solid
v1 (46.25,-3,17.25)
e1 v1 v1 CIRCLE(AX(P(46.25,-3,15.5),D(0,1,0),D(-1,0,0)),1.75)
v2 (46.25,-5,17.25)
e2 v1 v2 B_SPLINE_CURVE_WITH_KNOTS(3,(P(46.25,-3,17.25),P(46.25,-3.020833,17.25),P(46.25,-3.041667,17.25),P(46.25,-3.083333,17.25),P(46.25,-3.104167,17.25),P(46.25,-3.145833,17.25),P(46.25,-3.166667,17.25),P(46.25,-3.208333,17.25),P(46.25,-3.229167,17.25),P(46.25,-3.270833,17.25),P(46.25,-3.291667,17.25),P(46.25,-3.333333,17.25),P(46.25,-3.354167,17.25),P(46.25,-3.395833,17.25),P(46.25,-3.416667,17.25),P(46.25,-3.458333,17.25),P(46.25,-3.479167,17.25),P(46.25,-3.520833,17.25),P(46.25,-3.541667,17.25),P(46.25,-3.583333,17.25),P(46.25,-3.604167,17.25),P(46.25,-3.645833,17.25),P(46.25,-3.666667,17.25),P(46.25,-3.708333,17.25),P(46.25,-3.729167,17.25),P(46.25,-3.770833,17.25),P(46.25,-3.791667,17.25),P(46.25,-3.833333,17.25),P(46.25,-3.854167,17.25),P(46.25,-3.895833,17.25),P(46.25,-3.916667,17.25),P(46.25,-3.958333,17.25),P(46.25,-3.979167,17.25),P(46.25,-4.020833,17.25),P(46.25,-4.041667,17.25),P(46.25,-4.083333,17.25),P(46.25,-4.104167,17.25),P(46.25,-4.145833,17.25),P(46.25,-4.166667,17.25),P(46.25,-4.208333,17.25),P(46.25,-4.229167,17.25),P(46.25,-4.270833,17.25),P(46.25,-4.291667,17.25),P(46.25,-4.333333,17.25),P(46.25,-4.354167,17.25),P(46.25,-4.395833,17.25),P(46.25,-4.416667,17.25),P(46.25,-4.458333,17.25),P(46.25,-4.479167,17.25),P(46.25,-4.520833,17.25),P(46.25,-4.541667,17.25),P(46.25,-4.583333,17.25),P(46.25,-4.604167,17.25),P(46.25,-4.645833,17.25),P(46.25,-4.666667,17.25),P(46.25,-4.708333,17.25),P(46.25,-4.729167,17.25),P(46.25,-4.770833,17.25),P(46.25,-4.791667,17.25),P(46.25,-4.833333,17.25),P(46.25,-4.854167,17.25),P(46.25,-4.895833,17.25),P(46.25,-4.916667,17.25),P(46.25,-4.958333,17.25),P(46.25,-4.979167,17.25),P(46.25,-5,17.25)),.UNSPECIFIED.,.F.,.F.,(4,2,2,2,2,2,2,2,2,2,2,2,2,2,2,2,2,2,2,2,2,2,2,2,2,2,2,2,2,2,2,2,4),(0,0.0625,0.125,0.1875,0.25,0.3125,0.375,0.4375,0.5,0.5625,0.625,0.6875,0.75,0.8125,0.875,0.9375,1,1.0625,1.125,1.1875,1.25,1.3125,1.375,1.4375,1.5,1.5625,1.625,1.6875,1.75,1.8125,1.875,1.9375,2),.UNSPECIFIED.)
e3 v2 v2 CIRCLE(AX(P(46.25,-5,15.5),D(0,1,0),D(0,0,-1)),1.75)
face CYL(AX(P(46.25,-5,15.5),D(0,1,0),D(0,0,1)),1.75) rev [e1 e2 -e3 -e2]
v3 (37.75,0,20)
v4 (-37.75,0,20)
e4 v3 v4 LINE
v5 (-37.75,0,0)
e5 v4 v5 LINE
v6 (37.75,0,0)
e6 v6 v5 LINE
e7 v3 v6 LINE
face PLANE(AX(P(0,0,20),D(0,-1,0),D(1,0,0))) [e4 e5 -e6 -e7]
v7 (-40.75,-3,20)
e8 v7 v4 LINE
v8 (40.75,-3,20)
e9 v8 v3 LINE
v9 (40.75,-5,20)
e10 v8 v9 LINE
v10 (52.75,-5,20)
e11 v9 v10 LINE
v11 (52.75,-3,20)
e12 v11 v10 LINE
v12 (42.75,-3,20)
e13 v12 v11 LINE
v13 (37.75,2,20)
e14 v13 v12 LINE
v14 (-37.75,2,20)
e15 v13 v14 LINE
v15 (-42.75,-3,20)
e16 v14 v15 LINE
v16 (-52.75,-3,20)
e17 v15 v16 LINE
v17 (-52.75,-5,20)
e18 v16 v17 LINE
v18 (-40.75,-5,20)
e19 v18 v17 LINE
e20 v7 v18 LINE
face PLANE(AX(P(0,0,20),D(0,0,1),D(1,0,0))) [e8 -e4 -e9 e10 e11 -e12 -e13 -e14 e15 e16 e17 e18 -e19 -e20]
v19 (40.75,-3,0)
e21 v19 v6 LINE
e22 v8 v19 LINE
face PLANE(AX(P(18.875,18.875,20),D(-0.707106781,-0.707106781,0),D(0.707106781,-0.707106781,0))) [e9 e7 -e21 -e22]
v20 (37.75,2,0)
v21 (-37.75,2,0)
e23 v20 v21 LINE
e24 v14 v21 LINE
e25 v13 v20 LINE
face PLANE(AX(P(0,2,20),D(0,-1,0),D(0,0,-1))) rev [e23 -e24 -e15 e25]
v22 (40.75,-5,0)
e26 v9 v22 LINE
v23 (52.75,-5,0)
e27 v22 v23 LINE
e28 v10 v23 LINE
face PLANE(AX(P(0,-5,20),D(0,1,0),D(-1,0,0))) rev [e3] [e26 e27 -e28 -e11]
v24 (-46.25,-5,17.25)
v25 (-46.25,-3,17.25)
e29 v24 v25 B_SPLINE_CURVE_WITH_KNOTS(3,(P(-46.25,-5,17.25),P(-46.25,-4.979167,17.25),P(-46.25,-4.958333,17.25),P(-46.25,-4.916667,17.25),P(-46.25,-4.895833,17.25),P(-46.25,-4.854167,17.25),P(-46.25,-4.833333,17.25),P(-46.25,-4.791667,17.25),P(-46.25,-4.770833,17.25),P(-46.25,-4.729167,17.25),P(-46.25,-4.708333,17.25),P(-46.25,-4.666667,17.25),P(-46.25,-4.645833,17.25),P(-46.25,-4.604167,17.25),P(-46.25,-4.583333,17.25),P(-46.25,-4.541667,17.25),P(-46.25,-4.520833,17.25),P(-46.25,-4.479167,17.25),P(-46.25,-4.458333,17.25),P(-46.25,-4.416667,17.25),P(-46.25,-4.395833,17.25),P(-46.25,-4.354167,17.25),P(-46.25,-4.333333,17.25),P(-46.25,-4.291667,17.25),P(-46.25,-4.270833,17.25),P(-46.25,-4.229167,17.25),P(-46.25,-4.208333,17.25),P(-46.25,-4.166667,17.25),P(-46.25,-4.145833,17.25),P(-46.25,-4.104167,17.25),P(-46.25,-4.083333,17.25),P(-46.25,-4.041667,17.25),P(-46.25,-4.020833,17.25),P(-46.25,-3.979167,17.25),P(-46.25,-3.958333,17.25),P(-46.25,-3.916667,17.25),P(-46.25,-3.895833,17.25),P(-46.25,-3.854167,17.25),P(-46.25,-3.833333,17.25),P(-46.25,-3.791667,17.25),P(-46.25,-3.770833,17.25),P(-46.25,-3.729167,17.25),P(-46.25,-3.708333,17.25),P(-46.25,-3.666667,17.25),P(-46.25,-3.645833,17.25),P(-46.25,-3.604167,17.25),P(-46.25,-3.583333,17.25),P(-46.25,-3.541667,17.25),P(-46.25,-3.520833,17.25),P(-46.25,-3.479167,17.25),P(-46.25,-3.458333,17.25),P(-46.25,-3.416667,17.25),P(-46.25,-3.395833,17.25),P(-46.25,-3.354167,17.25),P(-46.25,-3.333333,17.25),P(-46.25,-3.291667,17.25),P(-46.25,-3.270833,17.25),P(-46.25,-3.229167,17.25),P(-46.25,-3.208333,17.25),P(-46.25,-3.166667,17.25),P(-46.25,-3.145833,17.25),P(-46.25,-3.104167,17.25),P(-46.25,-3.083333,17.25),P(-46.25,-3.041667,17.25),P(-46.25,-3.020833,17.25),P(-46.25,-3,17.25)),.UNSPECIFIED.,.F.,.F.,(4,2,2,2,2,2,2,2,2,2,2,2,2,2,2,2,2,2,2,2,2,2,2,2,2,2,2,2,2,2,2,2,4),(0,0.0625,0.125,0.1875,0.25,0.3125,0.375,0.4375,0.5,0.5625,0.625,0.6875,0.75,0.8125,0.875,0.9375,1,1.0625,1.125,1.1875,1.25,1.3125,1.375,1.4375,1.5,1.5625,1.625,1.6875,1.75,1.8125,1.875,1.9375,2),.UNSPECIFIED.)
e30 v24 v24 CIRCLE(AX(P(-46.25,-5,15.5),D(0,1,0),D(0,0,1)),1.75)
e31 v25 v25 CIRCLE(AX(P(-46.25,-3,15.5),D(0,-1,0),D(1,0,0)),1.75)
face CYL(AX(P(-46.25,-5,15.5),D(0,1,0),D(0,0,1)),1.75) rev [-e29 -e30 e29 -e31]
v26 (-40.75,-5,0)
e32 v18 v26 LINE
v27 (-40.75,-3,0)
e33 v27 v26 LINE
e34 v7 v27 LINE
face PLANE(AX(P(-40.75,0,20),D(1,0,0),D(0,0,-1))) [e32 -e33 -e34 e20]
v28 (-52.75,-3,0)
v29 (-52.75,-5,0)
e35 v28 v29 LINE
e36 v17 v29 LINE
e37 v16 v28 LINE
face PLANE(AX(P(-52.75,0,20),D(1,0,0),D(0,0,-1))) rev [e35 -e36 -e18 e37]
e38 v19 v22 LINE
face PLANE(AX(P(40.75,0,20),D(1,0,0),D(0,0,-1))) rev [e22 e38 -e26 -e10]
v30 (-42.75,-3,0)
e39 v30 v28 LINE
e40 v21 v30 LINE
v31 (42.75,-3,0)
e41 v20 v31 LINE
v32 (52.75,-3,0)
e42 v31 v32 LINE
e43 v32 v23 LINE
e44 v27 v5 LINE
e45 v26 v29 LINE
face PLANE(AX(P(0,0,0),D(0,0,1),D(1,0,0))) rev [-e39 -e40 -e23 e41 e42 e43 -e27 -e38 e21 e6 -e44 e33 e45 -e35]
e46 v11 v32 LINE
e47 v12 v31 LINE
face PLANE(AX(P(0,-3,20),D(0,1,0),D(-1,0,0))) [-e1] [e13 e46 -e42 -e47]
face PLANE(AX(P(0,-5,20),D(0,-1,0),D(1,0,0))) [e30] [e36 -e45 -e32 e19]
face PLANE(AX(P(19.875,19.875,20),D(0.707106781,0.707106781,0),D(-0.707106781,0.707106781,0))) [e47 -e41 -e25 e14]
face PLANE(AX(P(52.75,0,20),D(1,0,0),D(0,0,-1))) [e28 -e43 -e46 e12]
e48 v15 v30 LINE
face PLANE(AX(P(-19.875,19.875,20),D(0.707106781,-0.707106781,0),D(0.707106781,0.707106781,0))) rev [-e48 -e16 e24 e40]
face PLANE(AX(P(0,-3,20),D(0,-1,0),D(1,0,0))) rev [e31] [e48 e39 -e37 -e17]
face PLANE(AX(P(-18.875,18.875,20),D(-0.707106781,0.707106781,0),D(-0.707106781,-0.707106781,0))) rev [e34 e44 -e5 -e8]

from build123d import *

# Parameters (mm, degrees)
ESQUISSE4_W             = 12
ESQUISSE4_H             = 2
ESQUISSE4_W_2           = 37.75
BOSS_EXTRU_2_DEPTH      = 20
ESQUISSE5_R             = 1.75
ENL_V_MAT_EXTRU_1_DEPTH = 57.846833685


with BuildPart() as part:
    # Esquisse4 → Boss.-Extru.2 (new body)
    with BuildSketch(Plane.XY):
        with Locations((-46.75, -4)):
            Rectangle(ESQUISSE4_W, ESQUISSE4_H)
        Polygon((-40.75, -3), (-37.75, 0), (-37.75, 2), (-42.75, -3), align=None)
        with Locations((-18.875, 1)):
            Rectangle(ESQUISSE4_W_2, ESQUISSE4_H)
        with Locations((18.875, 1)):
            Rectangle(ESQUISSE4_W_2, ESQUISSE4_H)
        Polygon((37.75, 2), (37.75, 0), (40.75, -3), (42.75, -3), align=None)
        with Locations((46.75, -4)):
            Rectangle(ESQUISSE4_W, ESQUISSE4_H)
    extrude(amount=BOSS_EXTRU_2_DEPTH)

    # Esquisse5 → Enlèv. mat.-Extru.1 (cut, through all)
    with BuildSketch(Plane(origin=(0, 2, 0), x_dir=(1, 0, 0), z_dir=(0, 1, 0))):
        with Locations(Location((-46.25, -15.5, 0), (0, 0, 270))):
            Circle(ESQUISSE5_R)
        with Locations(Location((46.25, -15.5, 0), (0, 0, 270))):
            Circle(ESQUISSE5_R)
    extrude(amount=-ENL_V_MAT_EXTRU_1_DEPTH, mode=Mode.SUBTRACT)


solid = part.part
